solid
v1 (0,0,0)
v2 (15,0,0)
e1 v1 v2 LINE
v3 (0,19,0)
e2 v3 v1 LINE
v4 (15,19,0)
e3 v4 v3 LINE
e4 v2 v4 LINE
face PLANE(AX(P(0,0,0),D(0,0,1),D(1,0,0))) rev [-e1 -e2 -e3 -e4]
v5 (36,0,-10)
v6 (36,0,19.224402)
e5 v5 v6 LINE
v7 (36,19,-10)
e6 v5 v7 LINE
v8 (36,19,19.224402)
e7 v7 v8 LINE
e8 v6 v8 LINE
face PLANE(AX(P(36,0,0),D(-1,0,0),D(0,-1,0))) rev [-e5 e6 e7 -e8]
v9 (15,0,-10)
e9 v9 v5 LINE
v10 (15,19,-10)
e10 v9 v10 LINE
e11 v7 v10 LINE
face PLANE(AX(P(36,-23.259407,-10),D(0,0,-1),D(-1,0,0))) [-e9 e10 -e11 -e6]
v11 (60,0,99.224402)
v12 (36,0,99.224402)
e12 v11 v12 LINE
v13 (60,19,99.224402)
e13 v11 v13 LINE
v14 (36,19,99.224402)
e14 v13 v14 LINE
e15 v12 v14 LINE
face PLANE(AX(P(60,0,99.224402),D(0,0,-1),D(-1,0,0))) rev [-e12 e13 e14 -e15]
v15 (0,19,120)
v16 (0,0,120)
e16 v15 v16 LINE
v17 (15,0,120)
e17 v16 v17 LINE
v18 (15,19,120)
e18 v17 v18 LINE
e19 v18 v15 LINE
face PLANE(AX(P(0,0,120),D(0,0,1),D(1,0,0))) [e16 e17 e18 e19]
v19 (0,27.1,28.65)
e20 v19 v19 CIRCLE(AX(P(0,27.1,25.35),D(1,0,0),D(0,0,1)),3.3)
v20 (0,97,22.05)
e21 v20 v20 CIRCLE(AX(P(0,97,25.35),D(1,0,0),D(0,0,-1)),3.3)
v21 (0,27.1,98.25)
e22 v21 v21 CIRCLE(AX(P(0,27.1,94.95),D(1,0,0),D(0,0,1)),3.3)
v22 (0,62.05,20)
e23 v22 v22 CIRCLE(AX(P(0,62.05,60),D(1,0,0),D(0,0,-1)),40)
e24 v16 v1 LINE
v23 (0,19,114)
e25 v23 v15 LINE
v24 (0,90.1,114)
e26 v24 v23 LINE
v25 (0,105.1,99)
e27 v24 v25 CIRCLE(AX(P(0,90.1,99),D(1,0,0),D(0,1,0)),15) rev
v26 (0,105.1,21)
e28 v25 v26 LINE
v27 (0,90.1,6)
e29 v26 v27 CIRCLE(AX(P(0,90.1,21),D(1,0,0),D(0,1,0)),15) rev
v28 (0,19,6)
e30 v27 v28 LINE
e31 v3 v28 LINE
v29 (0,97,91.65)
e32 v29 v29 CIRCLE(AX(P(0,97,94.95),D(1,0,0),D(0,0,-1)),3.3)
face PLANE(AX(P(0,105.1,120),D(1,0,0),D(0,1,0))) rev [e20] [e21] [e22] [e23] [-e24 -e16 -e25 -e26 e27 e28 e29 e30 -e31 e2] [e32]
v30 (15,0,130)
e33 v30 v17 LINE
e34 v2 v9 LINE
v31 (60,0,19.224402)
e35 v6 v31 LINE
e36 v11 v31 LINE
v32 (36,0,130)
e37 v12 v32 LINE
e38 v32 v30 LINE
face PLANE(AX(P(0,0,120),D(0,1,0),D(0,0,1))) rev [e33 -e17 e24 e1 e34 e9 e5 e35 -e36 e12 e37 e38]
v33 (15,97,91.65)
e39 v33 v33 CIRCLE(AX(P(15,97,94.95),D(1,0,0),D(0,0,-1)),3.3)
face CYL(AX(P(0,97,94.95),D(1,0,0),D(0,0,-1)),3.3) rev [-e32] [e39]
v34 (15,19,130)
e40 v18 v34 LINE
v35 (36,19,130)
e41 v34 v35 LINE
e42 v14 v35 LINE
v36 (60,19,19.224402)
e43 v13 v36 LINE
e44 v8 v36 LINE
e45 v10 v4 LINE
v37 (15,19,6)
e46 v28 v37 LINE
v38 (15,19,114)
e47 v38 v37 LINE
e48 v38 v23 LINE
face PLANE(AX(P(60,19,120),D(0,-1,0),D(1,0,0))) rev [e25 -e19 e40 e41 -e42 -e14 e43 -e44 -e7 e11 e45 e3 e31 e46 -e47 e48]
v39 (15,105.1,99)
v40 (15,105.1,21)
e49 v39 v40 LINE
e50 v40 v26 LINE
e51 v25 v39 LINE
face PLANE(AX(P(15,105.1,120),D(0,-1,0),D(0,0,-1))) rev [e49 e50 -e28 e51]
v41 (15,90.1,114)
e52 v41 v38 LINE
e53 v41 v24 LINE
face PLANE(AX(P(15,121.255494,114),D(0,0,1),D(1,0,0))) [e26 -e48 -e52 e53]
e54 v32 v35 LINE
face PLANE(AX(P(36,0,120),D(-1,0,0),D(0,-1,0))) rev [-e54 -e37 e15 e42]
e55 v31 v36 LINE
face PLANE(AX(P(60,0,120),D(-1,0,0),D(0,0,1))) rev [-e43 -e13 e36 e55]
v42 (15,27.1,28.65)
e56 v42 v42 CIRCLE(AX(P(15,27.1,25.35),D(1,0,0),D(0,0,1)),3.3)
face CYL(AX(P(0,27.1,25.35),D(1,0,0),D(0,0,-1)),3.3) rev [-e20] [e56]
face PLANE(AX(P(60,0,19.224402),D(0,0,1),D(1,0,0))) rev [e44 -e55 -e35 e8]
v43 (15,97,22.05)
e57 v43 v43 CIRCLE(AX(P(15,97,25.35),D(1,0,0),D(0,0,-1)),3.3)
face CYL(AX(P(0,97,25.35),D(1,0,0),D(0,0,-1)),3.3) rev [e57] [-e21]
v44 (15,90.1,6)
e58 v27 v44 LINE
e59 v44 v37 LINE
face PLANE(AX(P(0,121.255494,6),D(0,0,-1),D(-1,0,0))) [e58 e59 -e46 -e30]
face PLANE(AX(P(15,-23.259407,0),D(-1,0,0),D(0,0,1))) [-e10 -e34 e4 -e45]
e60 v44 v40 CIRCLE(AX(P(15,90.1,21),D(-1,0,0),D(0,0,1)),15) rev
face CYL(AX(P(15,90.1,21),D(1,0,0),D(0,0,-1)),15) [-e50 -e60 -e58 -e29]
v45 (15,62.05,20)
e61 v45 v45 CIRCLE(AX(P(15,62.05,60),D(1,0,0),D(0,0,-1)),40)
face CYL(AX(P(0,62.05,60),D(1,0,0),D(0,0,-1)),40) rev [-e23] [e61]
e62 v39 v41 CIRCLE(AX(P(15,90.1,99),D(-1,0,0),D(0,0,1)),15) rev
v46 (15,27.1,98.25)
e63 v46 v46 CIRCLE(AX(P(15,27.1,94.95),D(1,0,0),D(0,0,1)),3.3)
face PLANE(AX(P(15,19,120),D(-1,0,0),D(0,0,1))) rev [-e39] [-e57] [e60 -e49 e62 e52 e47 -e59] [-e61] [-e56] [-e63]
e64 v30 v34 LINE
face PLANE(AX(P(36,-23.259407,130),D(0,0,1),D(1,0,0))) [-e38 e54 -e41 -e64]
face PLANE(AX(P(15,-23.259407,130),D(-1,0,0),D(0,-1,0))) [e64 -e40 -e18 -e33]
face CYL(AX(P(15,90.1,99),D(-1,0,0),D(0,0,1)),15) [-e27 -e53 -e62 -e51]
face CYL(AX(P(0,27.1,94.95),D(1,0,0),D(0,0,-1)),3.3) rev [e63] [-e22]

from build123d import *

# Parameters (mm, degrees)
BOSS_EXTRUDE1_DEPTH = 120
SKETCH2_R           = 40
SKETCH2_R_2         = 3.3
CUT_EXTRUDE1_DEPTH  = 166.743808331
SKETCH3_W           = 15
SKETCH3_H           = 6
CUT_EXTRUDE4_DEPTH  = 86.1
FILLET1_R           = 15
SKETCH4_W           = 24
SKETCH4_H           = 20.775598272
SKETCH4_H_2         = 19.224401728
CUT_EXTRUDE5_DEPTH  = 160.415212574
SKETCH6_W           = 21
SKETCH6_H           = 10
BOSS_EXTRUDE2_DEPTH = 19


with BuildPart() as part:
    # Sketch1 → Boss-Extrude1 (new body)
    with BuildSketch(Plane.XY):
        Polygon((0, 0), (60, 0), (60, 19), (15, 19), (15, 105.1), (0, 105.1), align=None)
    extrude(amount=BOSS_EXTRUDE1_DEPTH)

    # Sketch2 → Cut-Extrude1 (cut, through all)
    with BuildSketch(Plane(origin=(15, 0, 0), x_dir=(0, 0, -1), z_dir=(1, 0, 0))):
        with Locations((-60, 62.05)):
            Circle(SKETCH2_R)
        with Locations((-94.95, 97)):
            Circle(SKETCH2_R_2)
        with Locations((-25.35, 97)):
            Circle(SKETCH2_R_2)
        with Locations(Location((-94.95, 27.1, 0), (0, 0, 180))):
            Circle(SKETCH2_R_2)
        with Locations(Location((-25.35, 27.1, 0), (0, 0, 180))):
            Circle(SKETCH2_R_2)
    extrude(amount=-CUT_EXTRUDE1_DEPTH, mode=Mode.SUBTRACT)

    # Sketch3 → Cut-Extrude4 (cut)
    with BuildSketch(Plane(origin=(0, 19, 0), x_dir=(1, 0, 0), z_dir=(0, 1, 0))):
        with Locations((7.5, -3)):
            Rectangle(SKETCH3_W, SKETCH3_H)
        with Locations((7.5, -117)):
            Rectangle(SKETCH3_W, SKETCH3_H)
    extrude(amount=CUT_EXTRUDE4_DEPTH, mode=Mode.SUBTRACT)

    # Fillet1
    fillet1_edges = [part.edges().sort_by_distance(p)[0] for p in [
        (7.5, 105.1, 6),
        (7.5, 105.1, 114),
    ]]
    fillet(fillet1_edges, radius=FILLET1_R)

    # Sketch4 → Cut-Extrude5 (cut, through all)
    with BuildSketch(Plane(origin=(0, 19, 0), x_dir=(1, 0, 0), z_dir=(0, 1, 0))):
        with Locations((48, -109.612200864)):
            Rectangle(SKETCH4_W, SKETCH4_H)
        with Locations((48, -9.612200864)):
            Rectangle(SKETCH4_W, SKETCH4_H_2)
    extrude(amount=-CUT_EXTRUDE5_DEPTH, mode=Mode.SUBTRACT)

    # Sketch6 → Boss-Extrude2 (add)
    with BuildSketch(Plane(origin=(0, 19, 0), x_dir=(1, 0, 0), z_dir=(0, 1, 0))):
        with Locations((25.5, 5)):
            Rectangle(SKETCH6_W, SKETCH6_H)
        with Locations((25.5, -125)):
            Rectangle(SKETCH6_W, SKETCH6_H)
    extrude(amount=-BOSS_EXTRUDE2_DEPTH)


solid = part.part
